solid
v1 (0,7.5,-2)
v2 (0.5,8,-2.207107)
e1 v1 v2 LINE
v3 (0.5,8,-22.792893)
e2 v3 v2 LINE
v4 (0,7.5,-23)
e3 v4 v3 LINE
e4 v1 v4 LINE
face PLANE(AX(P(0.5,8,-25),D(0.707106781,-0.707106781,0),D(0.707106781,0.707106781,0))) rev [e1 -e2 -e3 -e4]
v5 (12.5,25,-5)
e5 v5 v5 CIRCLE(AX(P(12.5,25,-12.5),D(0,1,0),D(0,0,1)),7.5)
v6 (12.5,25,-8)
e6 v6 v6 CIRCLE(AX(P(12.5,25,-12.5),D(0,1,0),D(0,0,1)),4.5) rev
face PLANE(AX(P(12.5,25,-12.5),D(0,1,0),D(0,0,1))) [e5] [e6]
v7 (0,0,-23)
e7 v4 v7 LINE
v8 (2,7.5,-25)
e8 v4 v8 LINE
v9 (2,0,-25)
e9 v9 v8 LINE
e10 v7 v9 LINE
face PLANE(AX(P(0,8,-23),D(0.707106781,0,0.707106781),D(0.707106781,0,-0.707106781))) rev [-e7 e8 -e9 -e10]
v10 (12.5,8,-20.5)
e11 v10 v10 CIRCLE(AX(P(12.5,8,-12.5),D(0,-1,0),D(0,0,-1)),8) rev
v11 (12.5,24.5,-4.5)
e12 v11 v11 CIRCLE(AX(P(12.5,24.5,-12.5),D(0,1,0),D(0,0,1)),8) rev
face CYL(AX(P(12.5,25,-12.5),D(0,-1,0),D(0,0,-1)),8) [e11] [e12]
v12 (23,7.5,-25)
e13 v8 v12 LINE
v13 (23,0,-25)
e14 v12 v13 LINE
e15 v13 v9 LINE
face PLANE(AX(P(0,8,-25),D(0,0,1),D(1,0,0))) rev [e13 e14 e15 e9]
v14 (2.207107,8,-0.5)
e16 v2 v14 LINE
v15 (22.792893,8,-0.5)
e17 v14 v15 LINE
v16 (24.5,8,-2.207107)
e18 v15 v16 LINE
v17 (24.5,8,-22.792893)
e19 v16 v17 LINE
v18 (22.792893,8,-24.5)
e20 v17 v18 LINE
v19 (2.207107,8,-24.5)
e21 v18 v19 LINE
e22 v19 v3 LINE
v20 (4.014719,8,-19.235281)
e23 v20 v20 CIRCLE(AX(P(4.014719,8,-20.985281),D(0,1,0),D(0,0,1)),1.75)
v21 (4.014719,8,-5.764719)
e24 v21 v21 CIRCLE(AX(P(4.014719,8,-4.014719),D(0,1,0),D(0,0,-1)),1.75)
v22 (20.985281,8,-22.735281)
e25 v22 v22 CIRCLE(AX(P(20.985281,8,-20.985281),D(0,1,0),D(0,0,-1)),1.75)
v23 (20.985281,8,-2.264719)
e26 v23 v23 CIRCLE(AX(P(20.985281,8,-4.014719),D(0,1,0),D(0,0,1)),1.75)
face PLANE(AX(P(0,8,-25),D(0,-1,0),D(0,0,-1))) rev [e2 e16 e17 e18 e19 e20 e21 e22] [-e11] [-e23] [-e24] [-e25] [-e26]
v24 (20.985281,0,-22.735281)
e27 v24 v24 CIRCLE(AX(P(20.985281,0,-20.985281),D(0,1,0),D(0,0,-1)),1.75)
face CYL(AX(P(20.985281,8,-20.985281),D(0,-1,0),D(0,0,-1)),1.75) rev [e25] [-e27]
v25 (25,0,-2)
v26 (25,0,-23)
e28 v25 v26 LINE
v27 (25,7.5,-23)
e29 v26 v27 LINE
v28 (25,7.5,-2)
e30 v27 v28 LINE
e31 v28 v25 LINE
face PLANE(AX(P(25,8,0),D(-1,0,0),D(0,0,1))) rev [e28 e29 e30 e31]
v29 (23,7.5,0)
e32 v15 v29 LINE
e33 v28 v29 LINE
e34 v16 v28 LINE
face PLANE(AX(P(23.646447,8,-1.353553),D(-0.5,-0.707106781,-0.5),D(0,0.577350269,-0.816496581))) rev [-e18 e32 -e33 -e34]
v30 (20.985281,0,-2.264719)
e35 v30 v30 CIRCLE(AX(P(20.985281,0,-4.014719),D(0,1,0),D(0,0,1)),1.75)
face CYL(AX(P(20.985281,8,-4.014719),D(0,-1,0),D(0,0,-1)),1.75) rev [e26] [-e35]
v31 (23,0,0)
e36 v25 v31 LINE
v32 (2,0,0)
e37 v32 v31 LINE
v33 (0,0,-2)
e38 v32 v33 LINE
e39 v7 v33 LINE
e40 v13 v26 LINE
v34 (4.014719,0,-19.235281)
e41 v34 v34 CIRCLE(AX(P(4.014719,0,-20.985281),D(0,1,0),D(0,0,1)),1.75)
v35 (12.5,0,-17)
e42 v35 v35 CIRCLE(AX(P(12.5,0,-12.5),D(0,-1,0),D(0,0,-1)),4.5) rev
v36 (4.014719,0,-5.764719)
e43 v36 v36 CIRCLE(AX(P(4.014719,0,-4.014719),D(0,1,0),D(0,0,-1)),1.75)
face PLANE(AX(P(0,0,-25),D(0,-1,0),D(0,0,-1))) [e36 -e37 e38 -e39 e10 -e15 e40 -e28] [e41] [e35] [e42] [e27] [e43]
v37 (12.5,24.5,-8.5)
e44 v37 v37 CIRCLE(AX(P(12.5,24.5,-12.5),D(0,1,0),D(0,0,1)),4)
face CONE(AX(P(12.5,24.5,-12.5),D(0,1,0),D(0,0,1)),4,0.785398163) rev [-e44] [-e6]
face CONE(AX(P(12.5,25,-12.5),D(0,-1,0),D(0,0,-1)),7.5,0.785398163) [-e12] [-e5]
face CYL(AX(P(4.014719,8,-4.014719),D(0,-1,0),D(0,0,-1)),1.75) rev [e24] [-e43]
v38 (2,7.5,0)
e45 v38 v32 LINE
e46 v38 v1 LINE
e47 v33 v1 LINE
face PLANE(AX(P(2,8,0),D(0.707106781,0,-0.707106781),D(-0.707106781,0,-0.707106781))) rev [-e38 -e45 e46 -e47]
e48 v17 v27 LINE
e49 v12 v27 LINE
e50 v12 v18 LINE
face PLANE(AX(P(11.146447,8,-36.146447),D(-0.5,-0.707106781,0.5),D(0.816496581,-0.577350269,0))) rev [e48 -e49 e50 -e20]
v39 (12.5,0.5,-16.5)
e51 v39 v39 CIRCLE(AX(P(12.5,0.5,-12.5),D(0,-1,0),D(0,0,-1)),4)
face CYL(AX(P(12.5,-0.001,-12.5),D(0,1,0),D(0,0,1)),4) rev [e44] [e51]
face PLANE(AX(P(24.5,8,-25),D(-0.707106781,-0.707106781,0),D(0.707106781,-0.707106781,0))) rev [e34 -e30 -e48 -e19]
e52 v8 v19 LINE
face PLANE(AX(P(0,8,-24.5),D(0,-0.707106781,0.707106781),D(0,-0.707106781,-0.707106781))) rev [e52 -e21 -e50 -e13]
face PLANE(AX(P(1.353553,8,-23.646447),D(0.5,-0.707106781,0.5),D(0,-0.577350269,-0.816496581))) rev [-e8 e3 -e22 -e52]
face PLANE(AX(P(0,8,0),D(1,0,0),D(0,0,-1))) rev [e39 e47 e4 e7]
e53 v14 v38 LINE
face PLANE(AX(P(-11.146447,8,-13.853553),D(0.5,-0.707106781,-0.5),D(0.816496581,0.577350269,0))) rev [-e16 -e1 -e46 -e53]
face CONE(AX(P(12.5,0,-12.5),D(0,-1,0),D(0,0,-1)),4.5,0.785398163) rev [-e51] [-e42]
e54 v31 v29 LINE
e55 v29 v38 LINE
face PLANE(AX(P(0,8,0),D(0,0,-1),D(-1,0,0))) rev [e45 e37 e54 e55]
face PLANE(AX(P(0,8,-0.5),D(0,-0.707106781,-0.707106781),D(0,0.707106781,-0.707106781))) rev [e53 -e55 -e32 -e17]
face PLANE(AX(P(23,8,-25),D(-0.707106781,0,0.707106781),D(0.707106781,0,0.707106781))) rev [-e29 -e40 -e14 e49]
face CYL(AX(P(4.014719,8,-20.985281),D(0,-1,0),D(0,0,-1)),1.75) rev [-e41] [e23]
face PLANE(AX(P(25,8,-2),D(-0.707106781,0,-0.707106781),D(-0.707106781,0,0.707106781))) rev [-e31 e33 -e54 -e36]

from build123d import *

# Parameters (mm, degrees)
ESQUISSE1_W      = 25
ESQUISSE1_H      = 25
ESQUISSE1_R      = 1.75
EXTRUSION1_DEPTH = 8
ESQUISSE2_R      = 8
EXTRUSION2_DEPTH = 17
CHANFREIN1_SIZE  = 2
EXTRUSION3_REACH = 27
ESQUISSE3_R      = 4
CHANFREIN2_SIZE  = 0.5


with BuildPart() as part:
    # Esquisse1 → Extrusion1 (new body)
    with BuildSketch(Plane(origin=(0, 0, 0), x_dir=(1, 0, 0), z_dir=(0, 1, 0))):
        with Locations((12.5, 12.5)):
            Rectangle(ESQUISSE1_W, ESQUISSE1_H)
        with Locations((4.014718626, 20.985281374)):
            Circle(ESQUISSE1_R, mode=Mode.SUBTRACT)
        with Locations((20.985281374, 20.985281374)):
            Circle(ESQUISSE1_R, mode=Mode.SUBTRACT)
        with Locations((20.985281374, 4.014718626)):
            Circle(ESQUISSE1_R, mode=Mode.SUBTRACT)
        with Locations((4.014718626, 4.014718626)):
            Circle(ESQUISSE1_R, mode=Mode.SUBTRACT)
    extrude(amount=EXTRUSION1_DEPTH)

    # Esquisse2 → Extrusion2 (add)
    with BuildSketch(Plane(origin=(0, 8, 0), x_dir=(1, 0, 0), z_dir=(0, 1, 0))):
        with Locations((12.5, 12.5)):
            Circle(ESQUISSE2_R)
    extrude(amount=EXTRUSION2_DEPTH)

    # Chanfrein1
    chanfrein1_edges = [part.edges().sort_by_distance(p)[0] for p in [
        (0, 4, -25),
        (25, 4, -25),
        (25, 4, 0),
        (0, 4, 0),
    ]]
    chamfer(chanfrein1_edges, length=CHANFREIN1_SIZE)

    # Esquisse3 → Extrusion3 (cut, up to next)
    with BuildSketch(Plane(origin=(0, 25, 0), x_dir=(1, 0, 0), z_dir=(0, 1, 0)), mode=Mode.PRIVATE) as extrusion3_sk1:
        with Locations((12.5, 12.5)):
            Circle(ESQUISSE3_R)
    extrusion3_tool1 = extrude(extrusion3_sk1.sketch, amount=-EXTRUSION3_REACH, mode=Mode.PRIVATE) & part.part
    add(extrusion3_tool1.solids().sort_by_distance((12.5, 25, -12.5))[0], mode=Mode.SUBTRACT)

    # Chanfrein2
    chanfrein2_edges = [part.edges().sort_by_distance(p)[0] for p in [
        (4.5, 25, -12.5),
        (0, 8, -12.5),
        (12.5, 8, -25),
        (12.5, 8, 0),
        (25, 8, -12.5),
        (1, 8, -1),
        (24, 8, -1),
        (24, 8, -24),
        (1, 8, -24),
        (8.5, 0, -12.5),
        (8.5, 25, -12.5),
    ]]
    chamfer(chanfrein2_edges, length=CHANFREIN2_SIZE)


solid = part.part
